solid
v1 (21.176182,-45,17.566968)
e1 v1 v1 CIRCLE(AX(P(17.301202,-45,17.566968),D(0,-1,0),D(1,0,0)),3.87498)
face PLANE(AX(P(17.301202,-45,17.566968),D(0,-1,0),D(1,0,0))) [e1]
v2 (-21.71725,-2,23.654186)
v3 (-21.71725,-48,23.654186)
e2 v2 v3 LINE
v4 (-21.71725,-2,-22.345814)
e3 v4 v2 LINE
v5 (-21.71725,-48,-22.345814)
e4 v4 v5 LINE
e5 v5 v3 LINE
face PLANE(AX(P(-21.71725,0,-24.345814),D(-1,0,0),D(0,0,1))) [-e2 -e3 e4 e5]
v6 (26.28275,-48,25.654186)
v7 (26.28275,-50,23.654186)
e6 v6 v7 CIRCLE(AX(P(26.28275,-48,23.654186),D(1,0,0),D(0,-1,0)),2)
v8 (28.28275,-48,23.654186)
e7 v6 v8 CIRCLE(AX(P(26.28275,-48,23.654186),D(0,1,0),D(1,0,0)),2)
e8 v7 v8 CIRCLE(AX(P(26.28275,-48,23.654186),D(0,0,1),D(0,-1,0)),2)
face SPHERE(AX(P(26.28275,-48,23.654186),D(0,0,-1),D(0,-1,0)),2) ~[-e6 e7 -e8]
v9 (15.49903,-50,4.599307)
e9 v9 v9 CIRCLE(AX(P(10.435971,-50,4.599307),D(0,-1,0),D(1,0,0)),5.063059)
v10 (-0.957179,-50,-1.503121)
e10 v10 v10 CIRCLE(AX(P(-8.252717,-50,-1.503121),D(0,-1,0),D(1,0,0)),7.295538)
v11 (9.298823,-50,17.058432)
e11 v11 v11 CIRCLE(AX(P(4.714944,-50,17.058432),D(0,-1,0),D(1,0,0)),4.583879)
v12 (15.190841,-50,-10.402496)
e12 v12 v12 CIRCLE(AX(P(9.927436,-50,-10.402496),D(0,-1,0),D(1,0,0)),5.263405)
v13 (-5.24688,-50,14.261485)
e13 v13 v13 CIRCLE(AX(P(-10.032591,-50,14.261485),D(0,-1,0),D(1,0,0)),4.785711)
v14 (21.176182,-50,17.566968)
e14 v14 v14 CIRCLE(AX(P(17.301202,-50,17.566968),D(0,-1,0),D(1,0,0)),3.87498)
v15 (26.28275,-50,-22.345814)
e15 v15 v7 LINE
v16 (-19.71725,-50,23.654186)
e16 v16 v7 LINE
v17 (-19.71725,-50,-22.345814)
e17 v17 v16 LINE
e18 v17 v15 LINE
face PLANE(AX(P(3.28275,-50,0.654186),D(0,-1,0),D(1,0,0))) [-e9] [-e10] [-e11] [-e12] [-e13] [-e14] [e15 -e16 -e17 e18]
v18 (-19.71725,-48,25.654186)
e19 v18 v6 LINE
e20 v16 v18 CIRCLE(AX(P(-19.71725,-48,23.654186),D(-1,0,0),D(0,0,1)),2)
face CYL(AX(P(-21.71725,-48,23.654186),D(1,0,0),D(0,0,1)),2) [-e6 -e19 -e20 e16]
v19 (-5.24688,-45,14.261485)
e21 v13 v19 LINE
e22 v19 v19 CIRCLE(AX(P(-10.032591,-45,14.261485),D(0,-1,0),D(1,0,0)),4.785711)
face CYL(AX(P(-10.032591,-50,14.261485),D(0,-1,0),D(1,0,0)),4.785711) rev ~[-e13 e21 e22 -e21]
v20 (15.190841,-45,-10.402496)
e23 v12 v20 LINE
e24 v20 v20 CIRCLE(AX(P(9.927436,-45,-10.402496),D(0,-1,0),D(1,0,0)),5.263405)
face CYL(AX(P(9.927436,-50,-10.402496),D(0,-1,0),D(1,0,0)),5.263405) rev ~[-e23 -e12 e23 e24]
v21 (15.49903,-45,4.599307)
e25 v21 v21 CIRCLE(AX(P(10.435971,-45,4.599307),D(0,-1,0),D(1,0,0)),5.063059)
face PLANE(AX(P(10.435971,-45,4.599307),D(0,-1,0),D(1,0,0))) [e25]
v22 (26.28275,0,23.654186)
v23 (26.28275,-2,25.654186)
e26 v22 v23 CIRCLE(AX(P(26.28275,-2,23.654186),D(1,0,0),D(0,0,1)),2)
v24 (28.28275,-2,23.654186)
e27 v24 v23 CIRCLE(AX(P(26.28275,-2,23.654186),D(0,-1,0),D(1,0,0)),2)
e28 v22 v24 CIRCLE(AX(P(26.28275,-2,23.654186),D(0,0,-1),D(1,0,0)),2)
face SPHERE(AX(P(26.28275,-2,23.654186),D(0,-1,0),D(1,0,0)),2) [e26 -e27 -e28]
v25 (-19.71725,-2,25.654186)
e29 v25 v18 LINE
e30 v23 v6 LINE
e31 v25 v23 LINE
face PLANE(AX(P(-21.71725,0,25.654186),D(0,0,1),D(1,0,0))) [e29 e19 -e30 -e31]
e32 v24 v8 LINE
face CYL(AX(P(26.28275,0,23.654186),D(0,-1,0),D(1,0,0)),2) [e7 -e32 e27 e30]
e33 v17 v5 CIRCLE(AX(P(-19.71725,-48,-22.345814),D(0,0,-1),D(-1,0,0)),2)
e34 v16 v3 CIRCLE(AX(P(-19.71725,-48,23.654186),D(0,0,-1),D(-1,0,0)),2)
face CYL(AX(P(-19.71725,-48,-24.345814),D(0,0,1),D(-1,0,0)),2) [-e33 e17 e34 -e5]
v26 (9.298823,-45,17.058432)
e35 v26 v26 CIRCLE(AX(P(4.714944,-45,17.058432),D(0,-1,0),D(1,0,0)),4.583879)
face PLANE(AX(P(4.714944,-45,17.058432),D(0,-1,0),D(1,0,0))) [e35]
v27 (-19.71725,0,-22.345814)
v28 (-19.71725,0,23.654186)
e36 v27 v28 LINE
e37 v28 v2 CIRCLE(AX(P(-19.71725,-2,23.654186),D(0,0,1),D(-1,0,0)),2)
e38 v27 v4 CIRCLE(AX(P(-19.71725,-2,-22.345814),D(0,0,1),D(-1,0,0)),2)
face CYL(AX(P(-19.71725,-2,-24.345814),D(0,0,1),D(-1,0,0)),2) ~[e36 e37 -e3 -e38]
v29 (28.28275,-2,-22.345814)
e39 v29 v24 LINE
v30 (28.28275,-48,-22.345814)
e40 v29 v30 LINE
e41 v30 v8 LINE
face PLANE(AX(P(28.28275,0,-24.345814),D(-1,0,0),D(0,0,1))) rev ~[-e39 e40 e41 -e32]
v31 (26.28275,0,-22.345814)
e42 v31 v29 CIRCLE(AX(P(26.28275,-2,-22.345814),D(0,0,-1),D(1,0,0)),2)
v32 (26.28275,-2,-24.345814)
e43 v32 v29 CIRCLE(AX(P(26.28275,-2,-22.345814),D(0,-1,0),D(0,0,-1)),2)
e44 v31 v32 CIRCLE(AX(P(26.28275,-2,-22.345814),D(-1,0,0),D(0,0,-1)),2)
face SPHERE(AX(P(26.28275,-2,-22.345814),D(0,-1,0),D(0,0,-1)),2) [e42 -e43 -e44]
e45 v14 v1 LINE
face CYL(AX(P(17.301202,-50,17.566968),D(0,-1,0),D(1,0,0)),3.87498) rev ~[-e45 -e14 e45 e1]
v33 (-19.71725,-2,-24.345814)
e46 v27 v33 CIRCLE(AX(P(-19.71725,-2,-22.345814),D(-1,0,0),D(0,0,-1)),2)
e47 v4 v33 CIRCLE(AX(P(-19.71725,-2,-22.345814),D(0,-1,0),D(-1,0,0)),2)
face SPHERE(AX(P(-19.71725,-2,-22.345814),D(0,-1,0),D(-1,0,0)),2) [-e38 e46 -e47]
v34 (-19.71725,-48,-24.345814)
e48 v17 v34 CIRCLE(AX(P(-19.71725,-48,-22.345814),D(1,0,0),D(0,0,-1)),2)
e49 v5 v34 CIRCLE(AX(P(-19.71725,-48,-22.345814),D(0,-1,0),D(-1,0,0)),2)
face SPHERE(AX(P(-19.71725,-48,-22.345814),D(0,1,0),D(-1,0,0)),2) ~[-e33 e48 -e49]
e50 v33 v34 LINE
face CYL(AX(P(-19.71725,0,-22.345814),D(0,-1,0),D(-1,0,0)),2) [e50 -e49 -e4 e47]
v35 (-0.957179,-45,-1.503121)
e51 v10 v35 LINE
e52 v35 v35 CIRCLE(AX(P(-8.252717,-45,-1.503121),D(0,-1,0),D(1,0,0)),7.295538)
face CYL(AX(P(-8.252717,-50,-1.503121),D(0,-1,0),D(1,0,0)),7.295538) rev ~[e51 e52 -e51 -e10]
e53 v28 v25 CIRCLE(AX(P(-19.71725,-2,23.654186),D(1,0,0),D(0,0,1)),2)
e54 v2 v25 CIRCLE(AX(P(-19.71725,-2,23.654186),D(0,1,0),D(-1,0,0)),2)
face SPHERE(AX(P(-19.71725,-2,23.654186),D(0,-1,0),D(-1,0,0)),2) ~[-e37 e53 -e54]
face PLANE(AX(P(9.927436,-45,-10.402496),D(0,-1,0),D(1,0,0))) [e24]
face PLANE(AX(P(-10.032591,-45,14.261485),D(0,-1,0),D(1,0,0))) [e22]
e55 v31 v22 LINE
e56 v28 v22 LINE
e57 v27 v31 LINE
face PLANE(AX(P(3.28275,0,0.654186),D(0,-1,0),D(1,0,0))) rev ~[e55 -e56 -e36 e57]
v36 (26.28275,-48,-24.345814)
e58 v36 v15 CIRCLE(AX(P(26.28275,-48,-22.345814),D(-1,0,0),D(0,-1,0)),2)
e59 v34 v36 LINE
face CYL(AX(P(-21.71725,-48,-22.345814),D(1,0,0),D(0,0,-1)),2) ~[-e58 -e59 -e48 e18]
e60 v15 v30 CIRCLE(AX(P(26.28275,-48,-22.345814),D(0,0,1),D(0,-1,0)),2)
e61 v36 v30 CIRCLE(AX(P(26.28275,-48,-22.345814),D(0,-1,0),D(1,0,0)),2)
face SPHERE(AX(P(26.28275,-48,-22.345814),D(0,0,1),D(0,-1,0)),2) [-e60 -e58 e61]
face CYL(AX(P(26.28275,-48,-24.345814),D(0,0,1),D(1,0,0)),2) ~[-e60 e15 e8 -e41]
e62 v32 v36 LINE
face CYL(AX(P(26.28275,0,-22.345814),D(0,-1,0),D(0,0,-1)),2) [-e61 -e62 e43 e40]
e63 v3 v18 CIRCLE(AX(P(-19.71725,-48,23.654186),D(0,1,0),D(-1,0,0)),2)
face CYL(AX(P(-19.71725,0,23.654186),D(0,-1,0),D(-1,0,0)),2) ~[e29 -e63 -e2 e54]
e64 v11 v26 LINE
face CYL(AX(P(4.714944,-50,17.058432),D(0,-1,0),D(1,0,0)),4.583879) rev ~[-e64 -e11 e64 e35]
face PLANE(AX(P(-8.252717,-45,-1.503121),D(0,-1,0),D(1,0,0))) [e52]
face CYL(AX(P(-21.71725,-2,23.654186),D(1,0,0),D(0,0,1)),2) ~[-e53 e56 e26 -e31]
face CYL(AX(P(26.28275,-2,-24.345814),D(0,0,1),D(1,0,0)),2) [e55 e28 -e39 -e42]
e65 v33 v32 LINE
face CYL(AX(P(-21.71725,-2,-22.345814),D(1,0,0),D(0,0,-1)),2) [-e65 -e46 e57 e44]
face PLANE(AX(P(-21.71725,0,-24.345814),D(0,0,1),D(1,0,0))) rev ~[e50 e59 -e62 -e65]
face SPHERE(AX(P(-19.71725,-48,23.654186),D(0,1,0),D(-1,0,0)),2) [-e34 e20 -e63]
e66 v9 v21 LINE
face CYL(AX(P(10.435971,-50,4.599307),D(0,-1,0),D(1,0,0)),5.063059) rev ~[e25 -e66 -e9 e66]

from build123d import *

# Parameters (mm, degrees)
F0_W     = 50
F0_H     = 50
F1_DEPTH = 50
F2_R     = 2
F3_R     = 4.785711
F3_R_2   = 7.295538
F3_R_3   = 5.063059
F3_R_4   = 4.583879
F3_R_5   = 3.87498
F3_R_6   = 5.263405
F4_DEPTH = 5


with BuildPart() as f1:
    # F0 (on Front) → F1 (new body)
    with BuildSketch(Plane.XZ):
        with Locations((3.28275, 0.654186)):
            Rectangle(F0_W, F0_H)
    extrude(amount=F1_DEPTH)

    # F2
    f2_edges = [f1.edges().sort_by_distance(p)[0] for p in [
        (-21.71725, -25, 25.654186),
        (-21.71725, -25, -24.345814),
        (-21.71725, 0, 0.654186),
        (-21.71725, -50, 0.654186),
        (28.28275, -50, 0.654186),
        (3.28275, -50, 25.654186),
        (3.28275, -50, -24.345814),
        (28.28275, -25, -24.345814),
        (3.28275, 0, -24.345814),
        (28.28275, -25, 25.654186),
        (28.28275, 0, 0.654186),
        (3.28275, 0, 25.654186),
    ]]
    fillet(f2_edges, radius=F2_R)

    # F3 (on face) → F4 (cut)
    with BuildSketch(Plane.XZ.offset(50)):
        with Locations((-10.032591, 14.261485)):
            Circle(F3_R)
        with Locations((-8.252717, -1.503121)):
            Circle(F3_R_2)
        with Locations((10.435971, 4.599307)):
            Circle(F3_R_3)
        with Locations((4.714944, 17.058432)):
            Circle(F3_R_4)
        with Locations((17.301202, 17.566968)):
            Circle(F3_R_5)
        with Locations((9.927436, -10.402496)):
            Circle(F3_R_6)
    extrude(amount=-F4_DEPTH, mode=Mode.SUBTRACT)


solid = f1.part
